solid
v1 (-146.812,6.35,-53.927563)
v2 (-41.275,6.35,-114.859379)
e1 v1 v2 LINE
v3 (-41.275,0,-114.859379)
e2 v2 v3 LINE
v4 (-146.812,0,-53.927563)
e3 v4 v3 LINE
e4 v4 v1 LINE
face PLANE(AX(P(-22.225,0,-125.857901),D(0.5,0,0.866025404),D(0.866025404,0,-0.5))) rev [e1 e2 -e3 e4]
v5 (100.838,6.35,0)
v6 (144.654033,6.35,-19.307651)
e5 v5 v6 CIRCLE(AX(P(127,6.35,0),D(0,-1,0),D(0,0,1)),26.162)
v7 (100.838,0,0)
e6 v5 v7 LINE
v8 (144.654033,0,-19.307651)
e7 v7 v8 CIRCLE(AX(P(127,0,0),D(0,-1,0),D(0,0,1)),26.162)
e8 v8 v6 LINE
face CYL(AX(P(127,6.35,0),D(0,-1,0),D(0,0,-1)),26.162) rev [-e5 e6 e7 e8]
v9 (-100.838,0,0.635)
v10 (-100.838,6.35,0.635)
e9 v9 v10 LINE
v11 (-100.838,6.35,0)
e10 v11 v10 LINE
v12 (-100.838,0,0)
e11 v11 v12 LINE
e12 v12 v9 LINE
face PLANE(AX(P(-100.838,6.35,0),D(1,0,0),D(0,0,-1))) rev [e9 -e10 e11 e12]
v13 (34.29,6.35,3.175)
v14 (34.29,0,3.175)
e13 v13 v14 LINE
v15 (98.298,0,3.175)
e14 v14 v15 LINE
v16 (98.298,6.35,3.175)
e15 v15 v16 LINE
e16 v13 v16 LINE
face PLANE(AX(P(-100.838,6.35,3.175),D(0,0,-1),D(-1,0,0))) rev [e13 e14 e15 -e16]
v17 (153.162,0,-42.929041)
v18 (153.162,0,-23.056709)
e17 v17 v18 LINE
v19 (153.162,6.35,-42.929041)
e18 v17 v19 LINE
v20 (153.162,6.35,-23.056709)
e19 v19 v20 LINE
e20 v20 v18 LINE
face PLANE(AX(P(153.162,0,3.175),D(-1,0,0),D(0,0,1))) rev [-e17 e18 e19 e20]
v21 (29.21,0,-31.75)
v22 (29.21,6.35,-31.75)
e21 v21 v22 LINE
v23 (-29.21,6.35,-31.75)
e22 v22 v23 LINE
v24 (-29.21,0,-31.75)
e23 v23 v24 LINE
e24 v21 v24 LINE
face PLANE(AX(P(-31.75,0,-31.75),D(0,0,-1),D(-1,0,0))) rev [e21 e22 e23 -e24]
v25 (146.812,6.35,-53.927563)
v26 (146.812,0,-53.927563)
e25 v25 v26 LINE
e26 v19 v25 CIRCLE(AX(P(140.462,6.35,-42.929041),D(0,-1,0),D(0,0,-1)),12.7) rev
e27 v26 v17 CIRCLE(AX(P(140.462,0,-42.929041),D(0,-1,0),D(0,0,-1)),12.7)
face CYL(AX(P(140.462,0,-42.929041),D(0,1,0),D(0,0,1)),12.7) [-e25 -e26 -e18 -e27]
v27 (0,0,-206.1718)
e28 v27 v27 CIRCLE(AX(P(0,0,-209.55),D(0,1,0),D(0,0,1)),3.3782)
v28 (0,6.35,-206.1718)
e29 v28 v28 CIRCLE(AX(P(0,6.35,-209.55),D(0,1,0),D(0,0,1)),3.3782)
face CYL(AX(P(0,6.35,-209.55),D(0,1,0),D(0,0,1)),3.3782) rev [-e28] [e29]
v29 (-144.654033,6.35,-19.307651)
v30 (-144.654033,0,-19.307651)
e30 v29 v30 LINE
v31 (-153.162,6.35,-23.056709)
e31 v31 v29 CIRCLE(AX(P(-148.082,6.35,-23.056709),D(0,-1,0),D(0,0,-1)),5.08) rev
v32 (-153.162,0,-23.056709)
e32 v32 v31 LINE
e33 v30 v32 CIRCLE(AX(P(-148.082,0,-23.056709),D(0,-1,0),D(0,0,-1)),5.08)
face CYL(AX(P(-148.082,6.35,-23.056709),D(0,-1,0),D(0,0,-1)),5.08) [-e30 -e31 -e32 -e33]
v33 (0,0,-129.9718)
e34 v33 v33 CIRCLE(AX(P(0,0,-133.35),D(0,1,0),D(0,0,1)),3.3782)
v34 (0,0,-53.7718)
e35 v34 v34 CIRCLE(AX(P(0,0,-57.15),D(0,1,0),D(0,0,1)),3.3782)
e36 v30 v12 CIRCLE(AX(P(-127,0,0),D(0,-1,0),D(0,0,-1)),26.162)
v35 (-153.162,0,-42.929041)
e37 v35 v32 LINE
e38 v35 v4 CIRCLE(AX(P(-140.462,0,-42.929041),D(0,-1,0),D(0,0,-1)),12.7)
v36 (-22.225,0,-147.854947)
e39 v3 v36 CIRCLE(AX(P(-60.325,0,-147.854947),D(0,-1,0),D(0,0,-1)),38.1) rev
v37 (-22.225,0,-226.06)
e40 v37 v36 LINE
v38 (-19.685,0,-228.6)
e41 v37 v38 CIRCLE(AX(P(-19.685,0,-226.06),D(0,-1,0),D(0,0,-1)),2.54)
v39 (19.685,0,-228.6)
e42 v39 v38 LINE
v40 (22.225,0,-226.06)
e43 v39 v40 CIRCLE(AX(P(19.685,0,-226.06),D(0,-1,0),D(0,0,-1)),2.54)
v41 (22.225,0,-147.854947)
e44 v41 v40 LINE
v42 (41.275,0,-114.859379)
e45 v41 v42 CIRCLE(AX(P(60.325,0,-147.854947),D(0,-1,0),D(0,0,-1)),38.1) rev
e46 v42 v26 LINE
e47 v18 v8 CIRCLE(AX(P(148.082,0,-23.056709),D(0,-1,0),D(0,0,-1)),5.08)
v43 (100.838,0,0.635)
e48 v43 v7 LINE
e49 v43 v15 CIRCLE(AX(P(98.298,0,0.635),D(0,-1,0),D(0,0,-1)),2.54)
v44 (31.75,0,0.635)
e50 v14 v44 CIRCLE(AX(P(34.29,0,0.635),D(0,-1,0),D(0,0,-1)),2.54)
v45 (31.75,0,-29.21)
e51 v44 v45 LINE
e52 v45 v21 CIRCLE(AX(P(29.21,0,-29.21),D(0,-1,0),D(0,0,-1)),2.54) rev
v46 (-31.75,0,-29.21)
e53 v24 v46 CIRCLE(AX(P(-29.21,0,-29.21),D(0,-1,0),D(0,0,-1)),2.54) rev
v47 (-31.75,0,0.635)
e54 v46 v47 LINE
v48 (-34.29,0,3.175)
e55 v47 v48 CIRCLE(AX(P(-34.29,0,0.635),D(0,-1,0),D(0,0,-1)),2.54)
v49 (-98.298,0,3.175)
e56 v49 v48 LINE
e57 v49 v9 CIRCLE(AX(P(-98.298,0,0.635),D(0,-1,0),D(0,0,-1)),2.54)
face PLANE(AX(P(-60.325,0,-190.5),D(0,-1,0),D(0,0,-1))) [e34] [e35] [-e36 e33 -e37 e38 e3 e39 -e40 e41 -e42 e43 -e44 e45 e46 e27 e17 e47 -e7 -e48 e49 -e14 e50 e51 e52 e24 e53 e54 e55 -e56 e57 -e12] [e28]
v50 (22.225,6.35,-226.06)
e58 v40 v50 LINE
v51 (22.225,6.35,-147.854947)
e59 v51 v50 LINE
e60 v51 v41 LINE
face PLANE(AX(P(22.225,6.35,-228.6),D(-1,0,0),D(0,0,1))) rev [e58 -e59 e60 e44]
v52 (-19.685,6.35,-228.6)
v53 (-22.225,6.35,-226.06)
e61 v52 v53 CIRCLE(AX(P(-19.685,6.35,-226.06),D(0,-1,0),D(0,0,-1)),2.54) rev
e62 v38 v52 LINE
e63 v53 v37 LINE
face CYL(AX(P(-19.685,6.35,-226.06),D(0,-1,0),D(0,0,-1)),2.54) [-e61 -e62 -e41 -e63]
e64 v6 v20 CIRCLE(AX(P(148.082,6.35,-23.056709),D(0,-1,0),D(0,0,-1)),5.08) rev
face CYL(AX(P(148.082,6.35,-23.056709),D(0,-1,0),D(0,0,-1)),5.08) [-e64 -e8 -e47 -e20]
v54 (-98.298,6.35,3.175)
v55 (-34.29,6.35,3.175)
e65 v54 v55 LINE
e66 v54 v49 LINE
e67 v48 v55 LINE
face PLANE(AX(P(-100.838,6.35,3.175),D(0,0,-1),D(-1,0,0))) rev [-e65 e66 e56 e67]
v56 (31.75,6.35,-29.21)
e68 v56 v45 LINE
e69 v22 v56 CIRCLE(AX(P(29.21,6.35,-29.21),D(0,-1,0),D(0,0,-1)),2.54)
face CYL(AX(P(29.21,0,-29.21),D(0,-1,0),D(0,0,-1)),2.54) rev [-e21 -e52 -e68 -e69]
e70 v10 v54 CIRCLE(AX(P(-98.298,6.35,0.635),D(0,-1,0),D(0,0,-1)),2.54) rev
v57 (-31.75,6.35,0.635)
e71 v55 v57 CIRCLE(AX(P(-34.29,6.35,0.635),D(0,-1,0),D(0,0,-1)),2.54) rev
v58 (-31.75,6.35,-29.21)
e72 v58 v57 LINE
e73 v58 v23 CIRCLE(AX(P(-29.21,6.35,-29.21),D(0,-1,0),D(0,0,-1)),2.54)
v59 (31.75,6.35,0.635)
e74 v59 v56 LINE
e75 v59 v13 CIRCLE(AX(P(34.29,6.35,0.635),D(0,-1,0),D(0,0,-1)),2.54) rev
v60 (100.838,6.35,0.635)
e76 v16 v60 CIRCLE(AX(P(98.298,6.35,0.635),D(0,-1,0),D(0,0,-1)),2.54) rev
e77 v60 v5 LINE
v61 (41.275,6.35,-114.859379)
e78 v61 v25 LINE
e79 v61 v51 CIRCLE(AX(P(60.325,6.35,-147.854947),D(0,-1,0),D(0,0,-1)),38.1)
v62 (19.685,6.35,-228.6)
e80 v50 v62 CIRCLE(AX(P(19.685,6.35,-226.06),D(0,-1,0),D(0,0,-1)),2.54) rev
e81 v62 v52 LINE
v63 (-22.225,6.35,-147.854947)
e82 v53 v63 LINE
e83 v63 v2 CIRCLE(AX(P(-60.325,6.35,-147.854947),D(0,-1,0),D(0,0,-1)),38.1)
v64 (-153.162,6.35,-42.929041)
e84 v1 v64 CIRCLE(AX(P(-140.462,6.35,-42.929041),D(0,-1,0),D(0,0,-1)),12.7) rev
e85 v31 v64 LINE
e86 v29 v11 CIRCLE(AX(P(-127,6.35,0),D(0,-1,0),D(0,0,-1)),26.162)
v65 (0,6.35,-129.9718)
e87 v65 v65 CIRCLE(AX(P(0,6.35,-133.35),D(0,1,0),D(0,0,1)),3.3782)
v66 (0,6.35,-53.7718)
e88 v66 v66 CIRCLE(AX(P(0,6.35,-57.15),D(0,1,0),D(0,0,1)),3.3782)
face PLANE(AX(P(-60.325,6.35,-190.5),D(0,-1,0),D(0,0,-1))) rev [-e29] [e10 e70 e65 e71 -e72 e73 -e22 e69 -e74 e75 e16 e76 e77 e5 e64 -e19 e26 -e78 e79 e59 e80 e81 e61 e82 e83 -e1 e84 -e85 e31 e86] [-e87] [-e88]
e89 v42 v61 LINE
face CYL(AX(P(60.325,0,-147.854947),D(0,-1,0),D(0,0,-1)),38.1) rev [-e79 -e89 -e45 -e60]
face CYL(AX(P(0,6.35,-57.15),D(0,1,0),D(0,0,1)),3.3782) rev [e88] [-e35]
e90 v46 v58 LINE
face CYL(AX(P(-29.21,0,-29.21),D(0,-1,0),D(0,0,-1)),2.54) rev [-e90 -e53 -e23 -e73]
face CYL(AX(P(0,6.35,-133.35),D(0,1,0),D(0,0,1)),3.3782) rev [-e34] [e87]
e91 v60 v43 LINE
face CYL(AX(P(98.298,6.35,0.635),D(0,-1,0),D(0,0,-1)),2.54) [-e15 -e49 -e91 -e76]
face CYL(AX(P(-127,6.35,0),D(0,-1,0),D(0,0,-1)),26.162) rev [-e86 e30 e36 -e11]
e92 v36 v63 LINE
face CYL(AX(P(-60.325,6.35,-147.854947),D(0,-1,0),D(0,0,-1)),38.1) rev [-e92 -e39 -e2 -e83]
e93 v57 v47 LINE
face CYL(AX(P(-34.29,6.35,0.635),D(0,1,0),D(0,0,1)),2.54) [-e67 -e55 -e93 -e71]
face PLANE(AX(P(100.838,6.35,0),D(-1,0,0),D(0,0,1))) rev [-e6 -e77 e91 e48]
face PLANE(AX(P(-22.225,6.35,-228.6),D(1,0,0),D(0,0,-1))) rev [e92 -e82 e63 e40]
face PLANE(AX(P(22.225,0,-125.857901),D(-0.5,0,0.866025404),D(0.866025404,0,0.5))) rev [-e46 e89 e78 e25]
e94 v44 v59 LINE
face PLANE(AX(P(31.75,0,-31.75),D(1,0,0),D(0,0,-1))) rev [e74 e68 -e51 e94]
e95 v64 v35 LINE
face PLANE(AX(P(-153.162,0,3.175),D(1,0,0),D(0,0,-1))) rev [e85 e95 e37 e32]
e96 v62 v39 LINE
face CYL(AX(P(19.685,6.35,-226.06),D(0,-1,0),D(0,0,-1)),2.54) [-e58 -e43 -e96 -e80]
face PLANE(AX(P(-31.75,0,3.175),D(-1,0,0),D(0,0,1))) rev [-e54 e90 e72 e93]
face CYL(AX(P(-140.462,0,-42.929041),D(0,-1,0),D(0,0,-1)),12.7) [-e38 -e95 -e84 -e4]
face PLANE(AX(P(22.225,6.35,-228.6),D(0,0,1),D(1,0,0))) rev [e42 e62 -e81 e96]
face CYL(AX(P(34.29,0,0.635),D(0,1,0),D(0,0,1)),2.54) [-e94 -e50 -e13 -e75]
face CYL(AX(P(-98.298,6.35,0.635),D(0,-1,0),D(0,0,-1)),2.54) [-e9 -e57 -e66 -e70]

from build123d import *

# Parameters (mm, degrees)
BOSS_EXTRUDE1_DEPTH     = 6.35
SKETCH2_W               = 63.5
SKETCH2_H               = 34.925
CUT_EXTRUDE1_DEPTH      = 299.126542166
F_1_4_CLEARANCE_HOLE1_D = 6.7564
CUT_EXTRUDE2_DEPTH      = 299.126542166
FILLET1_R               = 25.4
FILLET2_R               = 5.08
FILLET3_R               = 2.54
CUT_EXTRUDE4_DEPTH      = 276.239678724
FILLET5_R               = 12.7
FILLET6_R               = 38.1


with BuildPart() as part:
    # Sketch1 → Boss-Extrude1 (new body)
    with BuildSketch(Plane(origin=(0, 0, 0), x_dir=(1, 0, 0), z_dir=(0, 1, 0))):
        with BuildLine():
            Line((22.225, 228.6), (-22.225, 228.6))
            Line((-22.225, 228.6), (-22.225, 190.5))
            ThreePointArc((-22.225, 190.5), (-25.761770597, 174.46899338), (-35.715455289, 161.414259351))
            Line((-35.715455289, 161.414259351), (-168.508098746, 49.057949228))
            ThreePointArc((-168.508098746, 49.057949228), (-185.296646926, 27.038964499), (-191.262, 0))
            Line((-191.262, 0), (-191.262, -3.175))
            Line((-191.262, -3.175), (-153.162, -3.175))
            Line((-153.162, -3.175), (-153.162, 0))
            ThreePointArc((-153.162, 0), (-127, 26.162), (-100.838, 0))
            Line((-100.838, 0), (-100.838, -3.175))
            Line((-100.838, -3.175), (100.838, -3.175))
            Line((100.838, -3.175), (100.838, 0))
            ThreePointArc((100.838, 0), (127, 26.162), (153.162, 0))
            Line((153.162, 0), (153.162, -3.175))
            Line((153.162, -3.175), (191.262, -3.175))
            Line((191.262, -3.175), (191.262, 0))
            ThreePointArc((191.262, 0), (185.296646926, 27.038964499), (168.508098746, 49.057949228))
            Line((168.508098746, 49.057949228), (35.715455289, 161.414259351))
            ThreePointArc((35.715455289, 161.414259351), (25.761770597, 174.46899338), (22.225, 190.5))
            Line((22.225, 190.5), (22.225, 228.6))
        make_face()
    extrude(amount=BOSS_EXTRUDE1_DEPTH)

    # Sketch2 → Cut-Extrude1 (cut, through all)
    with BuildSketch(Plane(origin=(0, 6.35, 0), x_dir=(1, 0, 0), z_dir=(0, 1, 0))):
        with Locations((0, 14.2875)):
            Rectangle(SKETCH2_W, SKETCH2_H)
    extrude(amount=-CUT_EXTRUDE1_DEPTH, mode=Mode.SUBTRACT)

    # 1/4 Clearance Hole1 (through all)
    with Locations(Plane(origin=(0, 6.35, 0), x_dir=(1, 0, 0), z_dir=(0, 1, 0))):
        with Locations((0, 209.55), (0, 133.35), (0, 57.15)):
            Hole(F_1_4_CLEARANCE_HOLE1_D / 2)

    # Sketch5 → Cut-Extrude2 (cut, through all)
    with BuildSketch(Plane(origin=(0, 6.35, 0), x_dir=(1, 0, 0), z_dir=(0, 1, 0))):
        with BuildLine():
            Line((-153.162, -3.175), (-153.162, 62.042335901))
            Line((-153.162, 62.042335901), (-168.508098746, 49.057949228))
            ThreePointArc((-168.508098746, 49.057949228), (-185.296646926, 27.038964499), (-191.262, 0))
            Line((-191.262, 0), (-191.262, -3.175))
            Line((-191.262, -3.175), (-153.162, -3.175))
        make_face()
        with BuildLine():
            Line((191.262, 0), (191.262, -3.175))
            Line((191.262, -3.175), (153.162, -3.175))
            Line((153.162, -3.175), (153.162, 62.042335901))
            Line((153.162, 62.042335901), (168.508098746, 49.057949228))
            ThreePointArc((168.508098746, 49.057949228), (185.296646926, 27.038964499), (191.262, 0))
        make_face()
    extrude(amount=-CUT_EXTRUDE2_DEPTH, mode=Mode.SUBTRACT)

    # Fillet1
    fillet1_edges = [part.edges().sort_by_distance(p)[0] for p in [
        (153.162, 3.175, -62.042335901),
        (-153.162, 3.175, -62.042335901),
    ]]
    fillet(fillet1_edges, radius=FILLET1_R)

    # Fillet2
    fillet2_edges = [part.edges().sort_by_distance(p)[0] for p in [
        (153.162, 3.175, 0),
        (-153.162, 3.175, 0),
    ]]
    fillet(fillet2_edges, radius=FILLET2_R)

    # Fillet3
    fillet3_edges = [part.edges().sort_by_distance(p)[0] for p in [
        (-22.225, 3.175, -228.6),
        (22.225, 3.175, -228.6),
        (100.838, 3.175, 3.175),
        (-100.838, 3.175, 3.175),
        (31.75, 3.175, 3.175),
        (-31.75, 3.175, 3.175),
        (-31.75, 3.175, -31.75),
        (31.75, 3.175, -31.75),
    ]]
    fillet(fillet3_edges, radius=FILLET3_R)

    # Sketch7 → Cut-Extrude4 (cut, through all)
    with BuildSketch(Plane(origin=(0, 6.35, 0), x_dir=(1, 0, 0), z_dir=(0, 1, 0))):
        Polygon((-22.225, 125.857901259), (-153.162, 50.261389063), (-153.162, 60.856337773), (-22.225, 190.5), align=None)
        Polygon((153.162, 60.856337773), (153.162, 50.261389063), (22.225, 125.857901259), (22.225, 190.5), align=None)
    extrude(amount=-CUT_EXTRUDE4_DEPTH, mode=Mode.SUBTRACT)

    # Fillet5
    fillet5_edges = [part.edges().sort_by_distance(p)[0] for p in [
        (153.162, 3.175, -50.261389063),
        (-153.162, 3.175, -50.261389063),
    ]]
    fillet(fillet5_edges, radius=FILLET5_R)

    # Fillet6
    fillet6_edges = [part.edges().sort_by_distance(p)[0] for p in [
        (-22.225, 3.175, -125.857901259),
        (22.225, 3.175, -125.857901259),
    ]]
    fillet(fillet6_edges, radius=FILLET6_R)


solid = part.part
